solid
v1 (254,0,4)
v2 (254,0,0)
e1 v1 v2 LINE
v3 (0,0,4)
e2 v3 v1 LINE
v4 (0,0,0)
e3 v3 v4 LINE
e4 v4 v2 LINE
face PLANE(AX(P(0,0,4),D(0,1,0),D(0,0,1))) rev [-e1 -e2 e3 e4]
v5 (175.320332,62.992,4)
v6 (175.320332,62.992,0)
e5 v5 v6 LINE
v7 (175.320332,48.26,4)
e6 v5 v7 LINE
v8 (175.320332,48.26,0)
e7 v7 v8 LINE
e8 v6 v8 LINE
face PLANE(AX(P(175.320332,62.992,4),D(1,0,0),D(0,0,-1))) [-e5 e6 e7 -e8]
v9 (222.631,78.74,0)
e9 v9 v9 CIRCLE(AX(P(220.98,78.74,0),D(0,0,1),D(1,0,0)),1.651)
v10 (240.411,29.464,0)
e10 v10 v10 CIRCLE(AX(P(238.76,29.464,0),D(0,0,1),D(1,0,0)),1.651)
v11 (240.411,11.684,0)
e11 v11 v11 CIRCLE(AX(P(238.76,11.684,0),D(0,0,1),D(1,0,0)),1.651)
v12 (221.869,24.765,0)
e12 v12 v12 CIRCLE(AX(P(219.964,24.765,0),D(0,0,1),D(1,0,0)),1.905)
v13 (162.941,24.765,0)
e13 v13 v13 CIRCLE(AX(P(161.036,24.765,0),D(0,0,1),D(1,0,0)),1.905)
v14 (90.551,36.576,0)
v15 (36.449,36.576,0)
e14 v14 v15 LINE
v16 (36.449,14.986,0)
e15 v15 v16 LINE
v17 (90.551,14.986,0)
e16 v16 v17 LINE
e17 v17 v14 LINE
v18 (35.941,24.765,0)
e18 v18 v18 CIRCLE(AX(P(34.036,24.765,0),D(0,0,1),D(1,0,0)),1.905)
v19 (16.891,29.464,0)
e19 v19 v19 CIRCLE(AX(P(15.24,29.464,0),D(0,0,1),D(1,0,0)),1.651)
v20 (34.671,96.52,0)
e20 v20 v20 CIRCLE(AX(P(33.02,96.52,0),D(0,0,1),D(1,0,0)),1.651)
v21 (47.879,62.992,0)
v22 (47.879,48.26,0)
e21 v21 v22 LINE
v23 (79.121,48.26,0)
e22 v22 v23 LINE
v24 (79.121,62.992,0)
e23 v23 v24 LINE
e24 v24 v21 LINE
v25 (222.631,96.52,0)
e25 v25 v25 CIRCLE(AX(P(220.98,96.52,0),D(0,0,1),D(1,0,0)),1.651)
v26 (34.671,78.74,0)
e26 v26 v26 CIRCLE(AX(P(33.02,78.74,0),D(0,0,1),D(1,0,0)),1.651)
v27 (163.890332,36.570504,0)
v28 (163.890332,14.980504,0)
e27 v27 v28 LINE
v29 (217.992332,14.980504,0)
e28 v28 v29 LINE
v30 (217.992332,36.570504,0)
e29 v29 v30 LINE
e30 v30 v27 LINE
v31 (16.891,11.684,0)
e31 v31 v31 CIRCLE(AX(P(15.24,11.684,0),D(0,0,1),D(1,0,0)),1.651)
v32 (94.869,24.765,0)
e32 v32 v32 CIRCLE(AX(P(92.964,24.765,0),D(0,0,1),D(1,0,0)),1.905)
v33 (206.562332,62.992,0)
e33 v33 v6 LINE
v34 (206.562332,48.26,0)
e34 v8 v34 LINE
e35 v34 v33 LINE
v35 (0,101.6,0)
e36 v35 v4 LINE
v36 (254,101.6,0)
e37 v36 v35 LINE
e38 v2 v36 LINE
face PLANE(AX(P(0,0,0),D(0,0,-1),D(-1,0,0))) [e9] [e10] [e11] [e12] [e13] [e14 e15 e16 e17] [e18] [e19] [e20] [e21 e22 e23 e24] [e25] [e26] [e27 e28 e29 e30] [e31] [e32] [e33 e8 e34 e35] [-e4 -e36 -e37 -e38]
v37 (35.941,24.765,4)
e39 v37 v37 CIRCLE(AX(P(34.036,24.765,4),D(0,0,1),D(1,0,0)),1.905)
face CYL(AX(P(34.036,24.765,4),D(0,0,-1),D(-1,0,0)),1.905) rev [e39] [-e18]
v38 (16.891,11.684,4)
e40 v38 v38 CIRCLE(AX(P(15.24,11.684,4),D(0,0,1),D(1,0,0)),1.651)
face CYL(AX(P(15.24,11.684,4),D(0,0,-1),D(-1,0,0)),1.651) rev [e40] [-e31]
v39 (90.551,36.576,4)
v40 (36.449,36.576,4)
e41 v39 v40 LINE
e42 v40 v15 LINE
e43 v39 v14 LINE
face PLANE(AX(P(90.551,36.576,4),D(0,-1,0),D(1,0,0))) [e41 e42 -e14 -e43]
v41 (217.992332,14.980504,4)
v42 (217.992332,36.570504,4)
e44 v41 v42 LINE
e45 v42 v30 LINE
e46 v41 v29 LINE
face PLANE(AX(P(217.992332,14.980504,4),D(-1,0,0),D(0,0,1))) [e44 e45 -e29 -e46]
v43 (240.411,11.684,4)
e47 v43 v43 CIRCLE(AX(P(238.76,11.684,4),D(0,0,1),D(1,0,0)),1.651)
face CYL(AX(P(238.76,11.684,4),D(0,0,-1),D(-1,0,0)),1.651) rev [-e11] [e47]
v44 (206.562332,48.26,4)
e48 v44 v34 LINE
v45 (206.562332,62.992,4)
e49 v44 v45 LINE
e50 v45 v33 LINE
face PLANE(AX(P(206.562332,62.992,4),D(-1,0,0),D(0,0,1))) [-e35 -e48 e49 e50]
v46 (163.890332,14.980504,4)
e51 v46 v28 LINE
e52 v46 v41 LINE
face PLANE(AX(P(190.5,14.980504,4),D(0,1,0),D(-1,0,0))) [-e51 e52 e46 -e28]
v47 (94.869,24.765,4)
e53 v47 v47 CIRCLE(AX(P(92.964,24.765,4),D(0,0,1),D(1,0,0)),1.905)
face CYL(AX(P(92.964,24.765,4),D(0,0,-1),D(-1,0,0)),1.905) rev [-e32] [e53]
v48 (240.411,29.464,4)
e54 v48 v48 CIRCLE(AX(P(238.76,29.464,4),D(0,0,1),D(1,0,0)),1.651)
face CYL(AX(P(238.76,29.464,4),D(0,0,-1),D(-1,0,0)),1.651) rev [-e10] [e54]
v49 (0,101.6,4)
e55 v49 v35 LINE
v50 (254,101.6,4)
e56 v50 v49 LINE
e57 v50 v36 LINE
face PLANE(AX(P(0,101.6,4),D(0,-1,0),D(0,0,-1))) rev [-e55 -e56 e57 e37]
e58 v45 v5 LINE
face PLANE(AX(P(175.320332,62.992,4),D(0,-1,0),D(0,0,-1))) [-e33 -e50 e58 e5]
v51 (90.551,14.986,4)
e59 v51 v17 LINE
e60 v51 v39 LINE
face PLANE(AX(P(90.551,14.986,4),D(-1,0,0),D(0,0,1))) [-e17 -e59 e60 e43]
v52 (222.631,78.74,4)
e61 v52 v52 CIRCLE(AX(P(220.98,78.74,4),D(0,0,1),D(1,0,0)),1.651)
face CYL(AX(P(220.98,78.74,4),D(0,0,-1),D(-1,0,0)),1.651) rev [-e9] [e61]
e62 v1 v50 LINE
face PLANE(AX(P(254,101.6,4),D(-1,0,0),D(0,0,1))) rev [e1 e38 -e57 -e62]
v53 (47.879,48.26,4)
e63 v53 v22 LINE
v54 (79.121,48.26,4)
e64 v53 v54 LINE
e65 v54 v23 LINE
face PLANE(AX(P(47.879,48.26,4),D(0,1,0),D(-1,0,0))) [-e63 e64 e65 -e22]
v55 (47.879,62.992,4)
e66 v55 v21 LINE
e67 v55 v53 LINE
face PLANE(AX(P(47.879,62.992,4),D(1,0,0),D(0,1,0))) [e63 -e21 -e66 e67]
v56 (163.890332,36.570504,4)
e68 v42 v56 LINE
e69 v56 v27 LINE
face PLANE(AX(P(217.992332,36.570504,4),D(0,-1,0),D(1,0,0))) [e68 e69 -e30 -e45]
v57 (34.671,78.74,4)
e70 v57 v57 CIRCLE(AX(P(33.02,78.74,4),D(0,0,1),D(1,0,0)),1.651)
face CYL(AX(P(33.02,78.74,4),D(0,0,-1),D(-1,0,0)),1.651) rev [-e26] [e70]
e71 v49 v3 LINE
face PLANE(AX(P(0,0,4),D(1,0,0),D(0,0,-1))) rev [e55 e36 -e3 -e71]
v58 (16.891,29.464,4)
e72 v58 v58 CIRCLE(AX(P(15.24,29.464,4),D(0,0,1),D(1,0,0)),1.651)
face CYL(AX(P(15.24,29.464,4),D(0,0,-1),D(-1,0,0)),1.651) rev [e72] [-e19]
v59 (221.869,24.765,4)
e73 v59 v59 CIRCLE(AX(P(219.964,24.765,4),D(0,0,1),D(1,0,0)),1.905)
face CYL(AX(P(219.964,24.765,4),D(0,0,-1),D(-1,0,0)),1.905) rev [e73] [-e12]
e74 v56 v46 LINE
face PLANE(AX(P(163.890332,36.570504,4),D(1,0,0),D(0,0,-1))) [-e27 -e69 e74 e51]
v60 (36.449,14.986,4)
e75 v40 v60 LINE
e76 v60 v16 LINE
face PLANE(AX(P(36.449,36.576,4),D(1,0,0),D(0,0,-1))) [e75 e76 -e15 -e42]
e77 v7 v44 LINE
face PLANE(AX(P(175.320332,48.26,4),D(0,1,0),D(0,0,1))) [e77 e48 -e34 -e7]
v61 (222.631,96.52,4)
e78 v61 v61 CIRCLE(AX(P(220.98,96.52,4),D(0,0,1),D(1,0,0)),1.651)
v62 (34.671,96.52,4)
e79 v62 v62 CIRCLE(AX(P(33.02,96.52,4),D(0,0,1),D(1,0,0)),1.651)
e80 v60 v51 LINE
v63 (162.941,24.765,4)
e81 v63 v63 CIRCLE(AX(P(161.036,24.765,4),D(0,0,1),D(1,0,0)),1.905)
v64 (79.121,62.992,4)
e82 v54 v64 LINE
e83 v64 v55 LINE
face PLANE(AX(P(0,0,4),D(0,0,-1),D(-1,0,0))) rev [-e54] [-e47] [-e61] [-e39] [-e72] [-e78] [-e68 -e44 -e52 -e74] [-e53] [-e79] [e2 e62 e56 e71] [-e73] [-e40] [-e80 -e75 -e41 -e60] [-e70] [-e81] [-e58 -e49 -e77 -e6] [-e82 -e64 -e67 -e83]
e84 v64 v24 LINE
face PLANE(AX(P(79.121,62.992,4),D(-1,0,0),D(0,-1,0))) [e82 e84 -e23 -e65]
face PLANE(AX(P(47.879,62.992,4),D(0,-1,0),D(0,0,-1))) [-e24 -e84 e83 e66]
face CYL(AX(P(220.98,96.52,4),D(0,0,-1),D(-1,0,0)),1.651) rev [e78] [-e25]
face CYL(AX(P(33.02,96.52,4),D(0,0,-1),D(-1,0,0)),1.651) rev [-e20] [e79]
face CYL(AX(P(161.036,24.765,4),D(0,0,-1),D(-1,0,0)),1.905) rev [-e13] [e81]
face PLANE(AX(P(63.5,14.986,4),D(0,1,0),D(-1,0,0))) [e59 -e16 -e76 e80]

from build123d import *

# Parameters (mm, degrees)
SKETCH1_W           = 254
SKETCH1_H           = 101.6
SKETCH1_R           = 1.905
SKETCH1_R_2         = 1.651
SKETCH1_W_2         = 31.242
SKETCH1_H_2         = 14.732
BOSS_EXTRUDE1_DEPTH = 4


with BuildPart() as part:
    # Sketch1 → Boss-Extrude1 (new body)
    with BuildSketch(Plane.XY):
        with Locations((127, 50.8)):
            Rectangle(SKETCH1_W, SKETCH1_H)
        with Locations((34.036, 24.765)):
            Circle(SKETCH1_R, mode=Mode.SUBTRACT)
        with Locations((92.964, 24.765)):
            Circle(SKETCH1_R, mode=Mode.SUBTRACT)
        with Locations((161.036, 24.765)):
            Circle(SKETCH1_R, mode=Mode.SUBTRACT)
        with Locations((219.964, 24.765)):
            Circle(SKETCH1_R, mode=Mode.SUBTRACT)
        with Locations((33.02, 78.74)):
            Circle(SKETCH1_R_2, mode=Mode.SUBTRACT)
        with Locations((33.02, 96.52)):
            Circle(SKETCH1_R_2, mode=Mode.SUBTRACT)
        with Locations((220.98, 78.74)):
            Circle(SKETCH1_R_2, mode=Mode.SUBTRACT)
        with Locations((220.98, 96.52)):
            Circle(SKETCH1_R_2, mode=Mode.SUBTRACT)
        with Locations((15.24, 11.684)):
            Circle(SKETCH1_R_2, mode=Mode.SUBTRACT)
        with Locations((15.24, 29.464)):
            Circle(SKETCH1_R_2, mode=Mode.SUBTRACT)
        with Locations((238.76, 29.464)):
            Circle(SKETCH1_R_2, mode=Mode.SUBTRACT)
        with Locations((238.76, 11.684)):
            Circle(SKETCH1_R_2, mode=Mode.SUBTRACT)
        Polygon((63.5, 14.986), (90.551, 14.986), (90.551, 36.576), (36.449, 36.576), (36.449, 14.986), align=None, mode=Mode.SUBTRACT)
        Polygon((190.5, 14.98050389), (217.992332172, 14.98050389), (217.992332172, 36.57050389), (163.890331935, 36.57050389), (163.890331935, 14.98050389), align=None, mode=Mode.SUBTRACT)
        with Locations((63.5, 55.626)):
            Rectangle(SKETCH1_W_2, SKETCH1_H_2, mode=Mode.SUBTRACT)
        with Locations((190.941332053, 55.626)):
            Rectangle(SKETCH1_W_2, SKETCH1_H_2, mode=Mode.SUBTRACT)
    extrude(amount=BOSS_EXTRUDE1_DEPTH)


solid = part.part
